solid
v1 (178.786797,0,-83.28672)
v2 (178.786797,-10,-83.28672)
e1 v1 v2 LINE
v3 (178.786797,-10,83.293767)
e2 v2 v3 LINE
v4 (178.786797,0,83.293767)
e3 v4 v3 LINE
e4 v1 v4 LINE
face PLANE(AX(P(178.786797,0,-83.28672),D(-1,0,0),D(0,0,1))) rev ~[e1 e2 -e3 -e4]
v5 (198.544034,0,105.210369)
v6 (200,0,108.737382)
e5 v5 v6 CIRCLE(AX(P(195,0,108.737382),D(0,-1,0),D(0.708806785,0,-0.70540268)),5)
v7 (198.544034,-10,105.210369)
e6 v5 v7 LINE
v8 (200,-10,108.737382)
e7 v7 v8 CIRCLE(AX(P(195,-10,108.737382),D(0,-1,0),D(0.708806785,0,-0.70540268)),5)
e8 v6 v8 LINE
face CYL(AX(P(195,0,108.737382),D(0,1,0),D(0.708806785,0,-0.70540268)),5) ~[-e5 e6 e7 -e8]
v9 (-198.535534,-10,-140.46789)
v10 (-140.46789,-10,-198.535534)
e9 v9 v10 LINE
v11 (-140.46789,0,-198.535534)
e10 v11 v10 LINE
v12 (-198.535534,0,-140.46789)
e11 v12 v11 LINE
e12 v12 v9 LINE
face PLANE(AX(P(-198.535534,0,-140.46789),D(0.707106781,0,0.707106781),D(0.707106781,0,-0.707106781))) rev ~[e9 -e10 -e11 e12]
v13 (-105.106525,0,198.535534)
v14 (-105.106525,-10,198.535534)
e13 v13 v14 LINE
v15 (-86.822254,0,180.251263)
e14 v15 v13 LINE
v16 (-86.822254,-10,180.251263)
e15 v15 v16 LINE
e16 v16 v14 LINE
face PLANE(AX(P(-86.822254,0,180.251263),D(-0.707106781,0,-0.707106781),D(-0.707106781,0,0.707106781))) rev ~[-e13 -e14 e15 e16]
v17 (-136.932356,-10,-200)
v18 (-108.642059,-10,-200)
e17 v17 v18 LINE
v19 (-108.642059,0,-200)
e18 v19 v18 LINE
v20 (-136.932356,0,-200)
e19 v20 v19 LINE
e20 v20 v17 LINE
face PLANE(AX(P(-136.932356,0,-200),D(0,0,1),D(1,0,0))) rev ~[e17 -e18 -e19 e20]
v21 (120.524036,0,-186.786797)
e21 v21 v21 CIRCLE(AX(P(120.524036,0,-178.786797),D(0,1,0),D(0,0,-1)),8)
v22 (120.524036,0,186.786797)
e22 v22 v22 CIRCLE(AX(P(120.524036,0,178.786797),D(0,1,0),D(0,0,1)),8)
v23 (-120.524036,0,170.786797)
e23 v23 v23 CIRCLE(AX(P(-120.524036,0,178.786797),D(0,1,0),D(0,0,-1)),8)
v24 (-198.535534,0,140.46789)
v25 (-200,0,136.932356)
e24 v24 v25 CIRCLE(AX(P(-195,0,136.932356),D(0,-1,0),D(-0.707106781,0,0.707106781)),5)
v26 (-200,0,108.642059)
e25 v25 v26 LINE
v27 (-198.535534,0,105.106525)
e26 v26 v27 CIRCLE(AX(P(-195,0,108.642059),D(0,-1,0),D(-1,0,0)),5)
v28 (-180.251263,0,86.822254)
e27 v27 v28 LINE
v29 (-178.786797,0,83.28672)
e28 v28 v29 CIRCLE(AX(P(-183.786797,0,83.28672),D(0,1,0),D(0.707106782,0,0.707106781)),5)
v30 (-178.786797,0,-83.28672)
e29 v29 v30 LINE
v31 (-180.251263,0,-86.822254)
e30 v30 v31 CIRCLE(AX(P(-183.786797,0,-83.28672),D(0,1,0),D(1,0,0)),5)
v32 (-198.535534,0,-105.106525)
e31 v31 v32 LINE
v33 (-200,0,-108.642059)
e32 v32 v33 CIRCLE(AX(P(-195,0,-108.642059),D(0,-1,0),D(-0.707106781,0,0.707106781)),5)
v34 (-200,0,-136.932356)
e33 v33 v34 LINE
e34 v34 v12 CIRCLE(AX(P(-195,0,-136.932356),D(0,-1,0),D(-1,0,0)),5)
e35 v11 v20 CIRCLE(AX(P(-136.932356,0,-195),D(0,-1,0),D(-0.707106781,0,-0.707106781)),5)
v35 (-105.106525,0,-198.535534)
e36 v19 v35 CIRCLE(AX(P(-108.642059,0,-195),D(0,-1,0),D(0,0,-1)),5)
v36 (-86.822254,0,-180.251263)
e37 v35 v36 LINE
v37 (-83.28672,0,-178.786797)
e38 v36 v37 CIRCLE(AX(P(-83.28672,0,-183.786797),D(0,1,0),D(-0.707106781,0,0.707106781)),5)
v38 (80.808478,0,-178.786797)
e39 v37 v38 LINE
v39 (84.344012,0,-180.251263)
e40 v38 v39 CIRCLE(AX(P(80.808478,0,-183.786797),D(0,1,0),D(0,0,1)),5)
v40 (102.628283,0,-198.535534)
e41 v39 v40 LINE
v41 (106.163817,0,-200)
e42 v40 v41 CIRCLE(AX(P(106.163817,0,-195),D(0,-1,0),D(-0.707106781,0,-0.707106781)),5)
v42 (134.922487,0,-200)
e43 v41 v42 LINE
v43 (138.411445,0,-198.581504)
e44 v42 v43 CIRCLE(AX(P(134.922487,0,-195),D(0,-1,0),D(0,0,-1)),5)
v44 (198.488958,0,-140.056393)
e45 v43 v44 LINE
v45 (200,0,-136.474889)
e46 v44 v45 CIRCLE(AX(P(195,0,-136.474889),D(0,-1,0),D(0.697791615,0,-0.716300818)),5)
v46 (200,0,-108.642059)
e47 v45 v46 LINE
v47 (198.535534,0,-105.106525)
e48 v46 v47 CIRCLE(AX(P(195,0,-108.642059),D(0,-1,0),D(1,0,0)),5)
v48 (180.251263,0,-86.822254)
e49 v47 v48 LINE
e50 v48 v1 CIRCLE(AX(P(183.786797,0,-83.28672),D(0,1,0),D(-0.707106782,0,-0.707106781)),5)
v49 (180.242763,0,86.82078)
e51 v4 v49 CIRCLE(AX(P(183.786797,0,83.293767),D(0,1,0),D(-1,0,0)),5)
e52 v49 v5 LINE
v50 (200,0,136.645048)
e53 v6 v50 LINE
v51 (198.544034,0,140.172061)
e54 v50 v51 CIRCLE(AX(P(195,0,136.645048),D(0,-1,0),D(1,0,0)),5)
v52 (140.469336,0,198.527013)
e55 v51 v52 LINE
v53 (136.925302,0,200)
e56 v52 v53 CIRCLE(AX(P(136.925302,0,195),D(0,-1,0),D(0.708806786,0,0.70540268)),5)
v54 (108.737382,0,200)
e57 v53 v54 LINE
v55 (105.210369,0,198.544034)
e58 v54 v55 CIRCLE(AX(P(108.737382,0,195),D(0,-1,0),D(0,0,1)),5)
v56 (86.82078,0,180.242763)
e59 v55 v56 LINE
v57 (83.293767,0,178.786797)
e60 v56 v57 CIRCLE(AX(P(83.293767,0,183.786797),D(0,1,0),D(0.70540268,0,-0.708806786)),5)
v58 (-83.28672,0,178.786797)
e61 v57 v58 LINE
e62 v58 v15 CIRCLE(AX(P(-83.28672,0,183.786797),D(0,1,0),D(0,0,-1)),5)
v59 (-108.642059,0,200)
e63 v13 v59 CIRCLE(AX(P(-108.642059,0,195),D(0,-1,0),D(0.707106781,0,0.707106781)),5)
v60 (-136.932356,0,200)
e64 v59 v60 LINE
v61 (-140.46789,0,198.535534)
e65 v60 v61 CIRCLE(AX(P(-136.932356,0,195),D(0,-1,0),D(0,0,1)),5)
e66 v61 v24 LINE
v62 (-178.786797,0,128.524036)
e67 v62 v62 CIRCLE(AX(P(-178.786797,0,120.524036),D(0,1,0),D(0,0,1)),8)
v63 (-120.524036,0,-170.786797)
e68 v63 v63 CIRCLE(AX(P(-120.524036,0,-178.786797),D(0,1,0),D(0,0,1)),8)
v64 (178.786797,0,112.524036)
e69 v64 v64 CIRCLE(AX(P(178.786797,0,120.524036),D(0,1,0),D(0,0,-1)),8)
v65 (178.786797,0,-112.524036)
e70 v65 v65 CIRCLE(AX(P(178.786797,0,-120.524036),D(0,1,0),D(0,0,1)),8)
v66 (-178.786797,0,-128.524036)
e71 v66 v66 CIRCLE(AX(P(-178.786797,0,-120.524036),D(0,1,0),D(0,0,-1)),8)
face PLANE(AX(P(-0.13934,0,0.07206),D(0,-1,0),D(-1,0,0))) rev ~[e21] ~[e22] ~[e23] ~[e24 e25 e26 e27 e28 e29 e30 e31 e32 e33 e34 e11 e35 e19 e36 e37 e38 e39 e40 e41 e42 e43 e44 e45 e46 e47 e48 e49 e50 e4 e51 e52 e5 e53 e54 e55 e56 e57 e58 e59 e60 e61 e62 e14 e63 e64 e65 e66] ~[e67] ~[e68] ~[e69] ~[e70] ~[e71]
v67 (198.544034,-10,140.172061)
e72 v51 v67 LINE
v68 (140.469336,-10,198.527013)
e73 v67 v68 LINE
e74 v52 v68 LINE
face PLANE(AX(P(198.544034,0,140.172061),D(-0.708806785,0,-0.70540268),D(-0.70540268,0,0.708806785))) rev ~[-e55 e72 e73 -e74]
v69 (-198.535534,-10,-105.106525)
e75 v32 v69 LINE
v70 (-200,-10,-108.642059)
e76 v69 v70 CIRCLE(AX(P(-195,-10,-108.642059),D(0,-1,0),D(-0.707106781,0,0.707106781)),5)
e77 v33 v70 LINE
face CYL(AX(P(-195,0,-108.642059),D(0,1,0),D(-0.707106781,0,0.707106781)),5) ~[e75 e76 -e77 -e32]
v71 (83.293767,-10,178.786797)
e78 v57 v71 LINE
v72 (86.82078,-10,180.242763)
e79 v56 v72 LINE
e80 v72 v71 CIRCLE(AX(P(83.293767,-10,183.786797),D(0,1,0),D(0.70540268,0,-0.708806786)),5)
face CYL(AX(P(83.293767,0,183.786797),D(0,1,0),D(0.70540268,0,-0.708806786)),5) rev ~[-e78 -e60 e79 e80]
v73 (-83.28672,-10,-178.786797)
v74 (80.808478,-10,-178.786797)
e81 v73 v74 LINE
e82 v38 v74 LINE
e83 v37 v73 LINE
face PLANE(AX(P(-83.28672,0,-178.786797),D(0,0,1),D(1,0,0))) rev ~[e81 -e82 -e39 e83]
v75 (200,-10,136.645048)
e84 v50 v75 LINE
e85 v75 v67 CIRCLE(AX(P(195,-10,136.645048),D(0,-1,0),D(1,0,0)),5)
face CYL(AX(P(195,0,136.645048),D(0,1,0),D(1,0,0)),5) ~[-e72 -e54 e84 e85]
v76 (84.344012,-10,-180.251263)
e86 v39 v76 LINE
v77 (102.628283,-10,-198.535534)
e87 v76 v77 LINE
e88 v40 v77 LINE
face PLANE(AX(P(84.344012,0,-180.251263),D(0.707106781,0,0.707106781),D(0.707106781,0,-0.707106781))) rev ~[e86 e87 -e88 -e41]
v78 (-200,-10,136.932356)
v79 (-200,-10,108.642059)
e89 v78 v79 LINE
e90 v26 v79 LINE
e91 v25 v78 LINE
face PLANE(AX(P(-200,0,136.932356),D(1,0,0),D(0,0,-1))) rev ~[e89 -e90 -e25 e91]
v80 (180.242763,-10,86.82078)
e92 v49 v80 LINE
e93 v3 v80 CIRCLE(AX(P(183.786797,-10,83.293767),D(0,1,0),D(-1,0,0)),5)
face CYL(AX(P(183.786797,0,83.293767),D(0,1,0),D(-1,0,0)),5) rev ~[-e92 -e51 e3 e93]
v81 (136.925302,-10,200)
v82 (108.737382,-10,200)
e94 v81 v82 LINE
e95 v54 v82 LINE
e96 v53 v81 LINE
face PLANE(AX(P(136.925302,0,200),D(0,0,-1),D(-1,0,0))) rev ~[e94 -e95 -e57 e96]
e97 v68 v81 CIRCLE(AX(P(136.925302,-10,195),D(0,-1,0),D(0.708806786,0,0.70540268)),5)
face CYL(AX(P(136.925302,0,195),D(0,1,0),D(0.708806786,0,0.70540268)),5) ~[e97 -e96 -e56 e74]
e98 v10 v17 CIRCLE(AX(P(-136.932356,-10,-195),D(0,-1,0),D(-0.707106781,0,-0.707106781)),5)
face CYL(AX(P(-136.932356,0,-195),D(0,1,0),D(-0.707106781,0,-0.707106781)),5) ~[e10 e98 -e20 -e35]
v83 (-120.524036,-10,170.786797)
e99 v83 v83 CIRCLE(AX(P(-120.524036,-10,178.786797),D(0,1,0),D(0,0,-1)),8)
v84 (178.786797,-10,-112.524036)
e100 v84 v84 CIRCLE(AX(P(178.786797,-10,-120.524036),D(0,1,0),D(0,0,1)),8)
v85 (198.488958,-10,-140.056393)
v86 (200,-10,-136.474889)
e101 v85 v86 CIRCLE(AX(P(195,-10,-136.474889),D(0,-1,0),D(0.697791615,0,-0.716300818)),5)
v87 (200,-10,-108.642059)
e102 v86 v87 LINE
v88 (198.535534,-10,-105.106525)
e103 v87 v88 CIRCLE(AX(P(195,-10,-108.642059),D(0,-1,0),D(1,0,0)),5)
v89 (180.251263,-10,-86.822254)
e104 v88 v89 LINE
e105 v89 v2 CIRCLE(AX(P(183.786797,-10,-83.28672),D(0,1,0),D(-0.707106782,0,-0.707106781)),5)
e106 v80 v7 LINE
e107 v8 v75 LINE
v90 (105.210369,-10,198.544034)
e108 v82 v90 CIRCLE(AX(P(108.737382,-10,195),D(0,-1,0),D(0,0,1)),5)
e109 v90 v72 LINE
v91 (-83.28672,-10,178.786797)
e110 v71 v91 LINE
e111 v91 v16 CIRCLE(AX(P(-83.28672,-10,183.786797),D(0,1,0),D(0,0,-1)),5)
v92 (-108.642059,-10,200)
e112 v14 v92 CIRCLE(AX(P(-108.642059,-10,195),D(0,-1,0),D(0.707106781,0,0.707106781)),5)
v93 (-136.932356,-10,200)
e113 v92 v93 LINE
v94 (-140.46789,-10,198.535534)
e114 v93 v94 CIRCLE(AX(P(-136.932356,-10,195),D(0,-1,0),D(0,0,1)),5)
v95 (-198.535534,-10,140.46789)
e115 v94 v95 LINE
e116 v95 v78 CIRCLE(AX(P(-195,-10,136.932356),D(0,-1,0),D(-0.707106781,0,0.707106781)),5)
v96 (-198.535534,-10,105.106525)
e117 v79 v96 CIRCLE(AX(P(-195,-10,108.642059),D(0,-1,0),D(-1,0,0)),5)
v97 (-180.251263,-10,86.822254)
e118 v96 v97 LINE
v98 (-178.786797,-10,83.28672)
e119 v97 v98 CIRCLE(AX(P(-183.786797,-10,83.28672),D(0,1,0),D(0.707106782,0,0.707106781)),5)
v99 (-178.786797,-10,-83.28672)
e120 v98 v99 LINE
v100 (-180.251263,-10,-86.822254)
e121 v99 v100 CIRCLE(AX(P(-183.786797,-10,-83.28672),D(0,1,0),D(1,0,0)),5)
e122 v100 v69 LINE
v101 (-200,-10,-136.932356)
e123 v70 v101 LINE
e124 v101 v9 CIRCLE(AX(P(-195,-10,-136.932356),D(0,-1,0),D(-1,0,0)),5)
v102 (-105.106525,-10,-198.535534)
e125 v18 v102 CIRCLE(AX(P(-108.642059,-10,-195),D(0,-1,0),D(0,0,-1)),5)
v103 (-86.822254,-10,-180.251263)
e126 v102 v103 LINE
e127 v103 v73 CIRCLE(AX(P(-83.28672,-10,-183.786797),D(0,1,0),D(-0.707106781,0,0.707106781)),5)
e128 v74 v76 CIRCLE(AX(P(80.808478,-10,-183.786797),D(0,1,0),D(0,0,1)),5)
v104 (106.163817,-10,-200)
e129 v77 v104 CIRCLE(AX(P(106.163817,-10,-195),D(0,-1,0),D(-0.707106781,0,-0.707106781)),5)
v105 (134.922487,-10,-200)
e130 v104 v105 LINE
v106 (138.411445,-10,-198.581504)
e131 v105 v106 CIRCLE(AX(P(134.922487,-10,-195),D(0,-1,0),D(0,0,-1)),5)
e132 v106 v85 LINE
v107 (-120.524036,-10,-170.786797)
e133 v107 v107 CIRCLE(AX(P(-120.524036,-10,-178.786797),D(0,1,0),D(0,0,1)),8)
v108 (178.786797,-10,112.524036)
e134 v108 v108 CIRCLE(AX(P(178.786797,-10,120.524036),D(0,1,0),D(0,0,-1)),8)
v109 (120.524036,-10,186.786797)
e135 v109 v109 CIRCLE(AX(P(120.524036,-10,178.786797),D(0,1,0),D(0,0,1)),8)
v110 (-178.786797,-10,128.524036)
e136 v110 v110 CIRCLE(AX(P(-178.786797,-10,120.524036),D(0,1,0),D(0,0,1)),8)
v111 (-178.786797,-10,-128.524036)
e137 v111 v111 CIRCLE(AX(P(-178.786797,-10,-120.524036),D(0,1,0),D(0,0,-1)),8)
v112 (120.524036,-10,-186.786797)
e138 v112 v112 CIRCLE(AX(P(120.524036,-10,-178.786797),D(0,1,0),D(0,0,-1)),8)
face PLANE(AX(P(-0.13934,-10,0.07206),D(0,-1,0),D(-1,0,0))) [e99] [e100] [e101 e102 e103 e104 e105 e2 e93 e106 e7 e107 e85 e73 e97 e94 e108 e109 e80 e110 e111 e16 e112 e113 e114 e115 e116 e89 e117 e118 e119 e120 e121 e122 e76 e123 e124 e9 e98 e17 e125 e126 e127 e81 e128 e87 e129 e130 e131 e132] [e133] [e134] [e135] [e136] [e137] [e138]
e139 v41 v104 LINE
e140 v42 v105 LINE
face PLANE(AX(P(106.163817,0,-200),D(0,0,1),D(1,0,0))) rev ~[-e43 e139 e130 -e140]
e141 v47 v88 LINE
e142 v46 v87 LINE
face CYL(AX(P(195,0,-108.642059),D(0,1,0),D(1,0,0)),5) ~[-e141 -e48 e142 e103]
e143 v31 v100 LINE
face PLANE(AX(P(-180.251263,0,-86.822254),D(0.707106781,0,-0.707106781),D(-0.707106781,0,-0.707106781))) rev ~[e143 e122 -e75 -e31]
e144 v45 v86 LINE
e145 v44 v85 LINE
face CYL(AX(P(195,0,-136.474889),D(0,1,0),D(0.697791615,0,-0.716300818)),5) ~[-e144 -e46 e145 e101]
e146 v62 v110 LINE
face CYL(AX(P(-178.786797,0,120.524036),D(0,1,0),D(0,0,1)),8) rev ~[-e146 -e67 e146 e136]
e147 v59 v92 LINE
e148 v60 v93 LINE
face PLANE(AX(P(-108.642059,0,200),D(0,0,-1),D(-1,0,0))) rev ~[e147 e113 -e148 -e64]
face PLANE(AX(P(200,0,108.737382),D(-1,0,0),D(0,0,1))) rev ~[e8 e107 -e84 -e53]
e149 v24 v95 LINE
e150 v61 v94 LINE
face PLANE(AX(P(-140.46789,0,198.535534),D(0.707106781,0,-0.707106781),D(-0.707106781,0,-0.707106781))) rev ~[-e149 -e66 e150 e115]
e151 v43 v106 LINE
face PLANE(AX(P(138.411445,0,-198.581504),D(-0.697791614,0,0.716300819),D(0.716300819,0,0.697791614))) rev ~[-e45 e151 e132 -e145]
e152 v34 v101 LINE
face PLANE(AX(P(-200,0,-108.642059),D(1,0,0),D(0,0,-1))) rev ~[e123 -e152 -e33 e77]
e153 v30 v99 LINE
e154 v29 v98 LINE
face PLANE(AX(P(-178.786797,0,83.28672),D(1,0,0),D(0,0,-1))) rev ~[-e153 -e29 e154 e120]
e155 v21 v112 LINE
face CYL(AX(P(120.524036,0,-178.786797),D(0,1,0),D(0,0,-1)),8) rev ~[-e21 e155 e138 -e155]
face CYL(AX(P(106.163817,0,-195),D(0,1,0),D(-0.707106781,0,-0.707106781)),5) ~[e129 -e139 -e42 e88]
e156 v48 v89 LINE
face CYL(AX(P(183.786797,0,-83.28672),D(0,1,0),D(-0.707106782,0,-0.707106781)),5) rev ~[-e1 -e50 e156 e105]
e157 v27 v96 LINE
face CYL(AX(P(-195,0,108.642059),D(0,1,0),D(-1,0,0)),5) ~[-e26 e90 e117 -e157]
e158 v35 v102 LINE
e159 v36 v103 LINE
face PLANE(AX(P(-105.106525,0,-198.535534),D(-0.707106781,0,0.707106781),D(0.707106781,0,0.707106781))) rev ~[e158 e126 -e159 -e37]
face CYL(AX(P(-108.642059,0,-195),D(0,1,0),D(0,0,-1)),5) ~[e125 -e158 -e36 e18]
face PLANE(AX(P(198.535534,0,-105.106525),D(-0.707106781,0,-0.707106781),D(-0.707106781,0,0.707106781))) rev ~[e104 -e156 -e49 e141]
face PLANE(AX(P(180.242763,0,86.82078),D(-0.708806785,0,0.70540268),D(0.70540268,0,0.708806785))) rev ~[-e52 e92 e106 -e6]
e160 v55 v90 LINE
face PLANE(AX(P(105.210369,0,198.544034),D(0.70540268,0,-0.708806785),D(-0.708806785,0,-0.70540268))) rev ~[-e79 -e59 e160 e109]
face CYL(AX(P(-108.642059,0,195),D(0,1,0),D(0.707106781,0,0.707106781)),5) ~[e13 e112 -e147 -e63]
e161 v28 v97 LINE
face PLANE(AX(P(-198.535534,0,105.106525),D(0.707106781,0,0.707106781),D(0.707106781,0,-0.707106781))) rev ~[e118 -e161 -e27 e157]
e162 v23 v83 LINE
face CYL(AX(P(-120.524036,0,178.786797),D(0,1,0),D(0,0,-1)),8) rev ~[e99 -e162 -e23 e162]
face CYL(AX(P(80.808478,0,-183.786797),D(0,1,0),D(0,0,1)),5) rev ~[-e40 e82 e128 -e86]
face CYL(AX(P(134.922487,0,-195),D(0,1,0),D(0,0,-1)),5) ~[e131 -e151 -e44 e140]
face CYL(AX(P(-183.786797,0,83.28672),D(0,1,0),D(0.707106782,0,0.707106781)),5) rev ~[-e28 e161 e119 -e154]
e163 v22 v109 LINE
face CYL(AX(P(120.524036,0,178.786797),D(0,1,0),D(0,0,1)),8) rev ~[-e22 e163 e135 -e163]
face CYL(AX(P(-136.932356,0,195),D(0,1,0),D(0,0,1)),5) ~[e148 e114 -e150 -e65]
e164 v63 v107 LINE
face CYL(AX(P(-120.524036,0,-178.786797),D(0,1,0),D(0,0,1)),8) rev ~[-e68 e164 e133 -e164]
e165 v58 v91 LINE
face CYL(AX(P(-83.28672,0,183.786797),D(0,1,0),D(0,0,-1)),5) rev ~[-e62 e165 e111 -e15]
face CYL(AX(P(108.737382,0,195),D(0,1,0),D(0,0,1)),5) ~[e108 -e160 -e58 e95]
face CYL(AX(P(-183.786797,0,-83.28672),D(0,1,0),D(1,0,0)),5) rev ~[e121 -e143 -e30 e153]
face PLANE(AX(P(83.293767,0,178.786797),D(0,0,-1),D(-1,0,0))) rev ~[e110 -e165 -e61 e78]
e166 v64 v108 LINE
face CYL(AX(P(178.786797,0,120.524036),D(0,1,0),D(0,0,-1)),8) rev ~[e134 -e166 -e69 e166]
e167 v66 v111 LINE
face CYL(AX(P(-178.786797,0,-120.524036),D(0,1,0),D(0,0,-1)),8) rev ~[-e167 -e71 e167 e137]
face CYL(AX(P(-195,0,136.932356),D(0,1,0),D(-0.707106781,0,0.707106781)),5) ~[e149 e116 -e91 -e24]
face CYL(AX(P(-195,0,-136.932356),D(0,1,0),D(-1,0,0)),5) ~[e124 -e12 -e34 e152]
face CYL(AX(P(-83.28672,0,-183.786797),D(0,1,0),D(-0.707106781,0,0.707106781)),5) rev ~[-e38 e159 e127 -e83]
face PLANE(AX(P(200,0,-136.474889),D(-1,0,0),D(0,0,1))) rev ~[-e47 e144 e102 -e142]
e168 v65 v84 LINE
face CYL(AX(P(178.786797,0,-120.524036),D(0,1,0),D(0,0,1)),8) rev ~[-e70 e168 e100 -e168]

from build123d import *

# Parameters (mm, degrees)
ESQUISSE1_R        = 8
BOSS_EXTRU_3_DEPTH = 10


with BuildPart() as part:
    # Esquisse1 → Boss.-Extru.3 (new body)
    with BuildSketch(Plane(origin=(0, 0, 0), x_dir=(1, 0, 0), z_dir=(0, 1, 0))):
        with BuildLine():
            Line((-198.535533906, 140.467889787), (-140.467889787, 198.535533906))
            ThreePointArc((-140.467889787, 198.535533906), (-138.845773043, 199.619397663), (-136.932355881, 200))
            Line((-136.932355881, 200), (-108.642059072, 200))
            ThreePointArc((-108.642059072, 200), (-106.728641911, 199.619397663), (-105.106525166, 198.535533906))
            Line((-105.106525166, 198.535533906), (-86.822253919, 180.251262659))
            ThreePointArc((-86.822253919, 180.251262659), (-85.200137175, 179.167398902), (-83.286720013, 178.786796564))
            Line((-83.286720013, 178.786796564), (80.808477816, 178.786796564))
            ThreePointArc((80.808477816, 178.786796564), (82.721894978, 179.167398902), (84.344011722, 180.251262659))
            Line((84.344011722, 180.251262659), (102.628282969, 198.535533906))
            ThreePointArc((102.628282969, 198.535533906), (104.250399713, 199.619397663), (106.163816875, 200))
            Line((106.163816875, 200), (134.922487193, 200))
            ThreePointArc((134.922487193, 200), (136.805633434, 199.631820402), (138.411445264, 198.581504094))
            Line((138.411445264, 198.581504094), (198.488958072, 140.056393487))
            ThreePointArc((198.488958072, 140.056393487), (199.606777092, 138.418495531), (200, 136.474889393))
            Line((200, 136.474889393), (200, 108.642059072))
            ThreePointArc((200, 108.642059072), (199.619397663, 106.728641911), (198.535533906, 105.106525167))
            Line((198.535533906, 105.106525167), (180.251262658, 86.822253919))
            ThreePointArc((180.251262658, 86.822253919), (179.167398902, 85.200137175), (178.786796564, 83.286720013))
            Line((178.786796564, 83.286720013), (178.786796564, -83.293766644))
            ThreePointArc((178.786796564, -83.293766644), (179.165099385, -85.201622818), (180.242762637, -86.820780044))
            Line((180.242762637, -86.820780044), (198.544033927, -105.210368915))
            ThreePointArc((198.544033927, -105.210368915), (199.621697179, -106.82952614), (200, -108.737382314))
            Line((200, -108.737382314), (200, -136.645047547))
            ThreePointArc((200, -136.645047547), (199.621697179, -138.552903722), (198.544033927, -140.172060947))
            Line((198.544033927, -140.172060947), (140.469336148, -198.5270134))
            ThreePointArc((140.469336148, -198.5270134), (138.844277599, -199.617091455), (136.925302221, -200))
            Line((136.925302221, -200), (108.737382314, -200))
            ThreePointArc((108.737382314, -200), (106.82952614, -199.621697179), (105.210368915, -198.544033927))
            Line((105.210368915, -198.544033927), (86.820780044, -180.242762637))
            ThreePointArc((86.820780044, -180.242762637), (85.201622818, -179.165099385), (83.293766644, -178.786796564))
            Line((83.293766644, -178.786796564), (-83.286720013, -178.786796564))
            ThreePointArc((-83.286720013, -178.786796564), (-85.200137175, -179.167398902), (-86.822253919, -180.251262658))
            Line((-86.822253919, -180.251262658), (-105.106525166, -198.535533906))
            ThreePointArc((-105.106525166, -198.535533906), (-106.728641911, -199.619397663), (-108.642059072, -200))
            Line((-108.642059072, -200), (-136.932355881, -200))
            ThreePointArc((-136.932355881, -200), (-138.845773043, -199.619397663), (-140.467889787, -198.535533906))
            Line((-140.467889787, -198.535533906), (-198.535533906, -140.467889787))
            ThreePointArc((-198.535533906, -140.467889787), (-199.619397663, -138.845773043), (-200, -136.932355881))
            Line((-200, -136.932355881), (-200, -108.642059072))
            ThreePointArc((-200, -108.642059072), (-199.619397663, -106.728641911), (-198.535533906, -105.106525166))
            Line((-198.535533906, -105.106525166), (-180.251262658, -86.822253919))
            ThreePointArc((-180.251262658, -86.822253919), (-179.167398902, -85.200137175), (-178.786796564, -83.286720013))
            Line((-178.786796564, -83.286720013), (-178.786796564, 83.286720013))
            ThreePointArc((-178.786796564, 83.286720013), (-179.167398902, 85.200137175), (-180.251262658, 86.822253919))
            Line((-180.251262658, 86.822253919), (-198.535533906, 105.106525166))
            ThreePointArc((-198.535533906, 105.106525166), (-199.619397663, 106.728641911), (-200, 108.642059072))
            Line((-200, 108.642059072), (-200, 136.932355881))
            ThreePointArc((-200, 136.932355881), (-199.619397663, 138.845773043), (-198.535533906, 140.467889787))
        make_face()
        with Locations(Location((120.524036122, -178.786796564, 0), (0, 0, 270))):  # turned: the seam where the file's is
            Circle(ESQUISSE1_R, mode=Mode.SUBTRACT)
        with Locations(Location((-178.786796564, -120.524036122, 0), (0, 0, 270))):  # turned: the seam where the file's is
            Circle(ESQUISSE1_R, mode=Mode.SUBTRACT)
        with Locations(Location((-120.524036122, 178.786796564, 0), (0, 0, 270))):  # turned: the seam where the file's is
            Circle(ESQUISSE1_R, mode=Mode.SUBTRACT)
        with Locations(Location((178.786796564, 120.524036122, 0), (0, 0, 270))):  # turned: the seam where the file's is
            Circle(ESQUISSE1_R, mode=Mode.SUBTRACT)
        with Locations(Location((-178.786796564, 120.524036122, 0), (0, 0, 90))):  # turned: the seam where the file's is
            Circle(ESQUISSE1_R, mode=Mode.SUBTRACT)
        with Locations(Location((120.524036122, 178.786796564, 0), (0, 0, 90))):  # turned: the seam where the file's is
            Circle(ESQUISSE1_R, mode=Mode.SUBTRACT)
        with Locations(Location((178.786796564, -120.524036122, 0), (0, 0, 90))):  # turned: the seam where the file's is
            Circle(ESQUISSE1_R, mode=Mode.SUBTRACT)
        with Locations(Location((-120.524036122, -178.786796564, 0), (0, 0, 90))):  # turned: the seam where the file's is
            Circle(ESQUISSE1_R, mode=Mode.SUBTRACT)
    extrude(amount=-BOSS_EXTRU_3_DEPTH)


solid = part.part
